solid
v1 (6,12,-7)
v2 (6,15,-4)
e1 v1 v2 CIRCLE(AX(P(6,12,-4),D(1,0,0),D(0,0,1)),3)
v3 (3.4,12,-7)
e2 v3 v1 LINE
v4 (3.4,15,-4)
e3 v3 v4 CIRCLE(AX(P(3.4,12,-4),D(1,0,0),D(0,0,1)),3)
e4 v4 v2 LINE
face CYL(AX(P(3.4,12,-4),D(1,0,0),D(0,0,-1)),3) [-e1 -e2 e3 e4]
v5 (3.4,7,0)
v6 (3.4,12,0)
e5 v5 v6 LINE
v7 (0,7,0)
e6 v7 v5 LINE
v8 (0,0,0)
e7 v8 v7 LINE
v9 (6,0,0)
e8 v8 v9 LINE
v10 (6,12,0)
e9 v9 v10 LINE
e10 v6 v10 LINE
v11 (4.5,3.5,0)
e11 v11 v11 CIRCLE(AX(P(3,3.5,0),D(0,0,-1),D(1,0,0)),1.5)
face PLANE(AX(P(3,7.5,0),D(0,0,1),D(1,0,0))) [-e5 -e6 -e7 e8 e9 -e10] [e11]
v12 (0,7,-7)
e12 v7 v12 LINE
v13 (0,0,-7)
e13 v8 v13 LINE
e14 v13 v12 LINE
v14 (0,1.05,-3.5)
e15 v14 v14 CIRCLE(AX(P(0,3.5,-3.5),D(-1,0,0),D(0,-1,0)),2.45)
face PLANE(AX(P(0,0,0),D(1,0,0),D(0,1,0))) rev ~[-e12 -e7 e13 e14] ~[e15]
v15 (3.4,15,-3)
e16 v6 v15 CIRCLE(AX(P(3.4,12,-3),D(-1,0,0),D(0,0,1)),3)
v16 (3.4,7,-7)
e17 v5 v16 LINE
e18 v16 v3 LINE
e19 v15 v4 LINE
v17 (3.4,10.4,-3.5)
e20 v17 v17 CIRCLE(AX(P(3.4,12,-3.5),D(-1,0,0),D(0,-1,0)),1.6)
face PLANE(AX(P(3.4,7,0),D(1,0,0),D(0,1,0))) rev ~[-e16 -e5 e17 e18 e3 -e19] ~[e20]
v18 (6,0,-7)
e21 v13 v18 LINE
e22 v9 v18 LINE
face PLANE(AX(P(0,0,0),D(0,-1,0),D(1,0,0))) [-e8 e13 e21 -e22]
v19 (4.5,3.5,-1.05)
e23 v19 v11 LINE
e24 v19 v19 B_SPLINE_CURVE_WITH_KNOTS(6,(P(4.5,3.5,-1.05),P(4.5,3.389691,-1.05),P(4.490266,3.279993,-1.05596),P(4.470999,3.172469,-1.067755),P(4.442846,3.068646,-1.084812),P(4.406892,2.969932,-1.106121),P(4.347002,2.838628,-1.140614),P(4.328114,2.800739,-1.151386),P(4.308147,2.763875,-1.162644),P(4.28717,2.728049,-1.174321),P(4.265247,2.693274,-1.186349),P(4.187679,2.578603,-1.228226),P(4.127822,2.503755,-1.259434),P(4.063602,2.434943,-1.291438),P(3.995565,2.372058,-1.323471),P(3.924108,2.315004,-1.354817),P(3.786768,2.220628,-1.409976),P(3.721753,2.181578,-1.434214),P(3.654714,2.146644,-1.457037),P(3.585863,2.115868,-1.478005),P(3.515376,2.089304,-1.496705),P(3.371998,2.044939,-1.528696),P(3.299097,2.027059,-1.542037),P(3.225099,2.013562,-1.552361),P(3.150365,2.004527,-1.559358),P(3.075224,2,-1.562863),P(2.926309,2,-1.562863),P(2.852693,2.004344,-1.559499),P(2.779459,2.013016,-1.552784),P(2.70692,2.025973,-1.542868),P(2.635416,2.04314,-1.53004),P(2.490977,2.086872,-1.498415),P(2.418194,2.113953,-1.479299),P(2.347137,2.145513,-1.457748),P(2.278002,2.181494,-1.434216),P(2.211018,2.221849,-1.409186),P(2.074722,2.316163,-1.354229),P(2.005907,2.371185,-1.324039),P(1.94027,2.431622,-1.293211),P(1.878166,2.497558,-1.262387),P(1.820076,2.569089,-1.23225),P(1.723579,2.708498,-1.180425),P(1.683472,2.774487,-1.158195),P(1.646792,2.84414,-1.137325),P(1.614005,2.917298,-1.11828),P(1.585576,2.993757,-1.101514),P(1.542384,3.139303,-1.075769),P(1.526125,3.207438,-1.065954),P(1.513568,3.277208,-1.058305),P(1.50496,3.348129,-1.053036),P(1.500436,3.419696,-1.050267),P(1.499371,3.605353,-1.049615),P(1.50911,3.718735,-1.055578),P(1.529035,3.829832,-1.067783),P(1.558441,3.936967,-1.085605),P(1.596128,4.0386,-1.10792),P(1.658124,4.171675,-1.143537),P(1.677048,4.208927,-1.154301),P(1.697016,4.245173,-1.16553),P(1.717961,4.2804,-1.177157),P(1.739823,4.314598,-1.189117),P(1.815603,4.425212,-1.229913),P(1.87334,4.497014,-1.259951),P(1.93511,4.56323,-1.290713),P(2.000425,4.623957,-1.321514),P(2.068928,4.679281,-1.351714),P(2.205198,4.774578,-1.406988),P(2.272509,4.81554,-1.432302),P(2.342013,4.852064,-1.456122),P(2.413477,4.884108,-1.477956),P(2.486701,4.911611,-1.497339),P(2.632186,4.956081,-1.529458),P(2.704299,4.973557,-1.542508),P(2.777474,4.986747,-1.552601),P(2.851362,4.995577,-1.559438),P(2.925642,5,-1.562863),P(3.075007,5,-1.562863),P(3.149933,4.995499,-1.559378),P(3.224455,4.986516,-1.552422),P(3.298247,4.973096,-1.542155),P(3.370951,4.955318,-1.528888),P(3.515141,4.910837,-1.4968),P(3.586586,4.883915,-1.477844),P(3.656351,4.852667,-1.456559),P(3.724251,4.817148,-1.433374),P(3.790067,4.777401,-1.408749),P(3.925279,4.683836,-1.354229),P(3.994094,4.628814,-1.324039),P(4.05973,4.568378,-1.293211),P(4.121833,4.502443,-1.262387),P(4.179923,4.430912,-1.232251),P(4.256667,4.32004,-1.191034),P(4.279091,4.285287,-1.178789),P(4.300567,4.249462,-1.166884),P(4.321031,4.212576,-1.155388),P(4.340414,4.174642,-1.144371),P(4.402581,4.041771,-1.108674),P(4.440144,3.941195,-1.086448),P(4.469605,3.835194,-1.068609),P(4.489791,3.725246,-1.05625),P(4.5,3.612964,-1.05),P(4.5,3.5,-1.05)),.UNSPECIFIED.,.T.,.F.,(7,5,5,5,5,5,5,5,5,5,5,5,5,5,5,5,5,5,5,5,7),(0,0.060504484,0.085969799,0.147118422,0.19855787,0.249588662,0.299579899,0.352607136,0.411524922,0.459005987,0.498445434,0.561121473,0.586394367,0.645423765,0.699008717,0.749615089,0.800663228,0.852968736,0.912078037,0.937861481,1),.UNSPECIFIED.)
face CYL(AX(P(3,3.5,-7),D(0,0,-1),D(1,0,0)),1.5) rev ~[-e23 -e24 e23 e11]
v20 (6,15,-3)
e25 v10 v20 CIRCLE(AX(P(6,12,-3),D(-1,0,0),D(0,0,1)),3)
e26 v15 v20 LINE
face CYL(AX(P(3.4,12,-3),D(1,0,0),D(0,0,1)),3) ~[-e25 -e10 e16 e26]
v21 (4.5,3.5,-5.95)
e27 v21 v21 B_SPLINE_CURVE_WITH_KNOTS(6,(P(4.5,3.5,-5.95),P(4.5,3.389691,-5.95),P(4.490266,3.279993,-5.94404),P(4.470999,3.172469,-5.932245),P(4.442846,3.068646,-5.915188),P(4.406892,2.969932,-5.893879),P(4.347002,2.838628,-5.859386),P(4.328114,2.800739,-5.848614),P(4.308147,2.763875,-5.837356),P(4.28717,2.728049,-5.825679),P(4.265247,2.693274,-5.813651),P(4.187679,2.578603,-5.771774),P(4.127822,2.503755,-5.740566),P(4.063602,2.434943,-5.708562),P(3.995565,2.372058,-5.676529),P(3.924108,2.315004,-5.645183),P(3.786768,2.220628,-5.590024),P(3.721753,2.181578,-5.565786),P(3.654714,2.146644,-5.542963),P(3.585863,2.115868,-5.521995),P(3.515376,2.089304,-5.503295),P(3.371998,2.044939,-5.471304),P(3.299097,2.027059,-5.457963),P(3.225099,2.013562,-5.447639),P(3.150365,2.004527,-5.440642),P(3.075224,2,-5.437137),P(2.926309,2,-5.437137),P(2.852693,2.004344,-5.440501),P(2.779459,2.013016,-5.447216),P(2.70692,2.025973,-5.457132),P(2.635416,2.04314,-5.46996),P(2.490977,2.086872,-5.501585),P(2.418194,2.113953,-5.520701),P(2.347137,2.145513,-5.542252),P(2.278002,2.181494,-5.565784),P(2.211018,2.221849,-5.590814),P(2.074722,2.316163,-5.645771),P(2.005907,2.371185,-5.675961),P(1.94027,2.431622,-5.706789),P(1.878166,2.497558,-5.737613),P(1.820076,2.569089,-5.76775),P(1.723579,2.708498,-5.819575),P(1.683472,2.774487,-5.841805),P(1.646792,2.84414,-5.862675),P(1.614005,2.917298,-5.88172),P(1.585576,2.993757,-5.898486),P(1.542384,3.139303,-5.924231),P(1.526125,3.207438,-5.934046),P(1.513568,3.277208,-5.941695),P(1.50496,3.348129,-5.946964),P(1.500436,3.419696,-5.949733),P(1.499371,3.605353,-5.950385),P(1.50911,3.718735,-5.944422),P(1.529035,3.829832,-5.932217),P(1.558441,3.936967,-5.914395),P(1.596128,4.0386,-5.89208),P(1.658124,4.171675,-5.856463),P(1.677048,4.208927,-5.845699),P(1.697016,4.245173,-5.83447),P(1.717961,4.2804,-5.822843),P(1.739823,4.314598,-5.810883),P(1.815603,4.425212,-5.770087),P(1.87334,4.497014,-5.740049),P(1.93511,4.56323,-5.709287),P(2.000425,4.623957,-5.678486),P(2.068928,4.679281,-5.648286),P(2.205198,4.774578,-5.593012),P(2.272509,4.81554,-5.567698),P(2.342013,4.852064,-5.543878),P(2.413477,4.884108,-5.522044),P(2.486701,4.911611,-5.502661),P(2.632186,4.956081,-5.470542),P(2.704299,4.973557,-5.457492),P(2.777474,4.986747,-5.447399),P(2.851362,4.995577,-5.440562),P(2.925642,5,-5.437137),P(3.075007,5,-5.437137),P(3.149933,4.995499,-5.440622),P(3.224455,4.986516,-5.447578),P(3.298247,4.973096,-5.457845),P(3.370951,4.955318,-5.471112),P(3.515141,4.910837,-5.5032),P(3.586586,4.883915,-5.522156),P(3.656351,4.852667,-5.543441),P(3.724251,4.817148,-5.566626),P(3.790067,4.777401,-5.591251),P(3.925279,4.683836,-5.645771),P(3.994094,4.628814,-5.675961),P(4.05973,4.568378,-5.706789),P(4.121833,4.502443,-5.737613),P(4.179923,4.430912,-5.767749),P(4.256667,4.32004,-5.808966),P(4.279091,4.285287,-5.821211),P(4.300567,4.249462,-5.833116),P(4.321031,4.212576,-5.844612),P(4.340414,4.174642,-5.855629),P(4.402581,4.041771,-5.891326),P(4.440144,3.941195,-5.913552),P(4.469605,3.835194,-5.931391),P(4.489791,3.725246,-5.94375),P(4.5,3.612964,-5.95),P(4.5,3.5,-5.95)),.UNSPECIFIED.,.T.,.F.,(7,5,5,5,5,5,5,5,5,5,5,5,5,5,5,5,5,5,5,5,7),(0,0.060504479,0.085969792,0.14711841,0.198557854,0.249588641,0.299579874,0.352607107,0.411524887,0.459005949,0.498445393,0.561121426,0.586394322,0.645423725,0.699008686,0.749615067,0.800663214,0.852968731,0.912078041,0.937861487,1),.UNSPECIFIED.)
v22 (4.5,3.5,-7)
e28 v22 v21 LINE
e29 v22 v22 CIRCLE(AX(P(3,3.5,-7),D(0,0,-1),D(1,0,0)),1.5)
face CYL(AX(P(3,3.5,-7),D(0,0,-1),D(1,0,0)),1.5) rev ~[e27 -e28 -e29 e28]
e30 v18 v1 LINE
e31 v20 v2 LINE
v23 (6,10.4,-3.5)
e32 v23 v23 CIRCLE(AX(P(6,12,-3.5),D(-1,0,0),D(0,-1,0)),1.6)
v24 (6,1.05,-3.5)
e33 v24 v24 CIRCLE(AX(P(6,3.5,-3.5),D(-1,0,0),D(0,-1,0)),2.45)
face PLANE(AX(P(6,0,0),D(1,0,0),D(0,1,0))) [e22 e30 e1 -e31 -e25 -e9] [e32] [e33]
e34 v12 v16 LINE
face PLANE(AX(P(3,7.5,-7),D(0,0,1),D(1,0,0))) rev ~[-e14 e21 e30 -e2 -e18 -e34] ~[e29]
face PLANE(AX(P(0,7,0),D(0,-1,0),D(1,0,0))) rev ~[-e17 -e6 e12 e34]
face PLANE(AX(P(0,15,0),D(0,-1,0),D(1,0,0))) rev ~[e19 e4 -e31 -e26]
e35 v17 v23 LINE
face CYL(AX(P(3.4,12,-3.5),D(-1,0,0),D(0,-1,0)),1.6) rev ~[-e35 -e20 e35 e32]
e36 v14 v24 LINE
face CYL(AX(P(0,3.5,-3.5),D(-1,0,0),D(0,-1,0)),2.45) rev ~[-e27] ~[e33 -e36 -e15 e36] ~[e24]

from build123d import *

# Parameters (mm, degrees)
F0_W      = 6
F0_H      = 15
F1_DEPTH  = 7
F2_W      = 3.4
F2_H      = 8
F3_DEPTH  = 25
F4_R      = 3
F5_R      = 2.45
F6_DEPTH  = 25
F7_R      = 1.6
F8_DEPTH  = 25
F9_R      = 1.5
F10_DEPTH = 25


with BuildPart() as f1:
    # F0 (on Top) → F1 (new body)
    with BuildSketch(Plane.XY):
        with Locations((3, 7.5)):
            Rectangle(F0_W, F0_H)
    extrude(amount=-F1_DEPTH)

    # F2 (on face) → F3 (cut)
    with BuildSketch(Plane.XY):
        with Locations((1.7, 11)):
            Rectangle(F2_W, F2_H)
    extrude(amount=-F3_DEPTH, mode=Mode.SUBTRACT)

    # F4
    f4_edges = [f1.edges().sort_by_distance(p)[0] for p in [
        (4.7, 15, 0),
        (4.7, 15, -7),
    ]]
    fillet(f4_edges, radius=F4_R)

    # F5 (on face) → F6 (cut)
    with BuildSketch(Plane(origin=(0, 0, 0), x_dir=(0, -1, 0), z_dir=(-1, 0, 0))):
        with Locations((-3.5, -3.5)):
            Circle(F5_R)
    extrude(amount=-F6_DEPTH, mode=Mode.SUBTRACT)

    # F7 (on face) → F8 (cut)
    with BuildSketch(Plane(origin=(3.4, 0, 0), x_dir=(0, -1, 0), z_dir=(-1, 0, 0))):
        with Locations((-12, -3.5)):
            Circle(F7_R)
    extrude(amount=-F8_DEPTH, mode=Mode.SUBTRACT)

    # F9 (on face) → F10 (cut)
    with BuildSketch(Plane(origin=(0, 0, -7), x_dir=(1, 0, 0), z_dir=(0, 0, -1))):
        with Locations((3, -3.5)):
            Circle(F9_R)
    extrude(amount=-F10_DEPTH, mode=Mode.SUBTRACT)


solid = f1.part
